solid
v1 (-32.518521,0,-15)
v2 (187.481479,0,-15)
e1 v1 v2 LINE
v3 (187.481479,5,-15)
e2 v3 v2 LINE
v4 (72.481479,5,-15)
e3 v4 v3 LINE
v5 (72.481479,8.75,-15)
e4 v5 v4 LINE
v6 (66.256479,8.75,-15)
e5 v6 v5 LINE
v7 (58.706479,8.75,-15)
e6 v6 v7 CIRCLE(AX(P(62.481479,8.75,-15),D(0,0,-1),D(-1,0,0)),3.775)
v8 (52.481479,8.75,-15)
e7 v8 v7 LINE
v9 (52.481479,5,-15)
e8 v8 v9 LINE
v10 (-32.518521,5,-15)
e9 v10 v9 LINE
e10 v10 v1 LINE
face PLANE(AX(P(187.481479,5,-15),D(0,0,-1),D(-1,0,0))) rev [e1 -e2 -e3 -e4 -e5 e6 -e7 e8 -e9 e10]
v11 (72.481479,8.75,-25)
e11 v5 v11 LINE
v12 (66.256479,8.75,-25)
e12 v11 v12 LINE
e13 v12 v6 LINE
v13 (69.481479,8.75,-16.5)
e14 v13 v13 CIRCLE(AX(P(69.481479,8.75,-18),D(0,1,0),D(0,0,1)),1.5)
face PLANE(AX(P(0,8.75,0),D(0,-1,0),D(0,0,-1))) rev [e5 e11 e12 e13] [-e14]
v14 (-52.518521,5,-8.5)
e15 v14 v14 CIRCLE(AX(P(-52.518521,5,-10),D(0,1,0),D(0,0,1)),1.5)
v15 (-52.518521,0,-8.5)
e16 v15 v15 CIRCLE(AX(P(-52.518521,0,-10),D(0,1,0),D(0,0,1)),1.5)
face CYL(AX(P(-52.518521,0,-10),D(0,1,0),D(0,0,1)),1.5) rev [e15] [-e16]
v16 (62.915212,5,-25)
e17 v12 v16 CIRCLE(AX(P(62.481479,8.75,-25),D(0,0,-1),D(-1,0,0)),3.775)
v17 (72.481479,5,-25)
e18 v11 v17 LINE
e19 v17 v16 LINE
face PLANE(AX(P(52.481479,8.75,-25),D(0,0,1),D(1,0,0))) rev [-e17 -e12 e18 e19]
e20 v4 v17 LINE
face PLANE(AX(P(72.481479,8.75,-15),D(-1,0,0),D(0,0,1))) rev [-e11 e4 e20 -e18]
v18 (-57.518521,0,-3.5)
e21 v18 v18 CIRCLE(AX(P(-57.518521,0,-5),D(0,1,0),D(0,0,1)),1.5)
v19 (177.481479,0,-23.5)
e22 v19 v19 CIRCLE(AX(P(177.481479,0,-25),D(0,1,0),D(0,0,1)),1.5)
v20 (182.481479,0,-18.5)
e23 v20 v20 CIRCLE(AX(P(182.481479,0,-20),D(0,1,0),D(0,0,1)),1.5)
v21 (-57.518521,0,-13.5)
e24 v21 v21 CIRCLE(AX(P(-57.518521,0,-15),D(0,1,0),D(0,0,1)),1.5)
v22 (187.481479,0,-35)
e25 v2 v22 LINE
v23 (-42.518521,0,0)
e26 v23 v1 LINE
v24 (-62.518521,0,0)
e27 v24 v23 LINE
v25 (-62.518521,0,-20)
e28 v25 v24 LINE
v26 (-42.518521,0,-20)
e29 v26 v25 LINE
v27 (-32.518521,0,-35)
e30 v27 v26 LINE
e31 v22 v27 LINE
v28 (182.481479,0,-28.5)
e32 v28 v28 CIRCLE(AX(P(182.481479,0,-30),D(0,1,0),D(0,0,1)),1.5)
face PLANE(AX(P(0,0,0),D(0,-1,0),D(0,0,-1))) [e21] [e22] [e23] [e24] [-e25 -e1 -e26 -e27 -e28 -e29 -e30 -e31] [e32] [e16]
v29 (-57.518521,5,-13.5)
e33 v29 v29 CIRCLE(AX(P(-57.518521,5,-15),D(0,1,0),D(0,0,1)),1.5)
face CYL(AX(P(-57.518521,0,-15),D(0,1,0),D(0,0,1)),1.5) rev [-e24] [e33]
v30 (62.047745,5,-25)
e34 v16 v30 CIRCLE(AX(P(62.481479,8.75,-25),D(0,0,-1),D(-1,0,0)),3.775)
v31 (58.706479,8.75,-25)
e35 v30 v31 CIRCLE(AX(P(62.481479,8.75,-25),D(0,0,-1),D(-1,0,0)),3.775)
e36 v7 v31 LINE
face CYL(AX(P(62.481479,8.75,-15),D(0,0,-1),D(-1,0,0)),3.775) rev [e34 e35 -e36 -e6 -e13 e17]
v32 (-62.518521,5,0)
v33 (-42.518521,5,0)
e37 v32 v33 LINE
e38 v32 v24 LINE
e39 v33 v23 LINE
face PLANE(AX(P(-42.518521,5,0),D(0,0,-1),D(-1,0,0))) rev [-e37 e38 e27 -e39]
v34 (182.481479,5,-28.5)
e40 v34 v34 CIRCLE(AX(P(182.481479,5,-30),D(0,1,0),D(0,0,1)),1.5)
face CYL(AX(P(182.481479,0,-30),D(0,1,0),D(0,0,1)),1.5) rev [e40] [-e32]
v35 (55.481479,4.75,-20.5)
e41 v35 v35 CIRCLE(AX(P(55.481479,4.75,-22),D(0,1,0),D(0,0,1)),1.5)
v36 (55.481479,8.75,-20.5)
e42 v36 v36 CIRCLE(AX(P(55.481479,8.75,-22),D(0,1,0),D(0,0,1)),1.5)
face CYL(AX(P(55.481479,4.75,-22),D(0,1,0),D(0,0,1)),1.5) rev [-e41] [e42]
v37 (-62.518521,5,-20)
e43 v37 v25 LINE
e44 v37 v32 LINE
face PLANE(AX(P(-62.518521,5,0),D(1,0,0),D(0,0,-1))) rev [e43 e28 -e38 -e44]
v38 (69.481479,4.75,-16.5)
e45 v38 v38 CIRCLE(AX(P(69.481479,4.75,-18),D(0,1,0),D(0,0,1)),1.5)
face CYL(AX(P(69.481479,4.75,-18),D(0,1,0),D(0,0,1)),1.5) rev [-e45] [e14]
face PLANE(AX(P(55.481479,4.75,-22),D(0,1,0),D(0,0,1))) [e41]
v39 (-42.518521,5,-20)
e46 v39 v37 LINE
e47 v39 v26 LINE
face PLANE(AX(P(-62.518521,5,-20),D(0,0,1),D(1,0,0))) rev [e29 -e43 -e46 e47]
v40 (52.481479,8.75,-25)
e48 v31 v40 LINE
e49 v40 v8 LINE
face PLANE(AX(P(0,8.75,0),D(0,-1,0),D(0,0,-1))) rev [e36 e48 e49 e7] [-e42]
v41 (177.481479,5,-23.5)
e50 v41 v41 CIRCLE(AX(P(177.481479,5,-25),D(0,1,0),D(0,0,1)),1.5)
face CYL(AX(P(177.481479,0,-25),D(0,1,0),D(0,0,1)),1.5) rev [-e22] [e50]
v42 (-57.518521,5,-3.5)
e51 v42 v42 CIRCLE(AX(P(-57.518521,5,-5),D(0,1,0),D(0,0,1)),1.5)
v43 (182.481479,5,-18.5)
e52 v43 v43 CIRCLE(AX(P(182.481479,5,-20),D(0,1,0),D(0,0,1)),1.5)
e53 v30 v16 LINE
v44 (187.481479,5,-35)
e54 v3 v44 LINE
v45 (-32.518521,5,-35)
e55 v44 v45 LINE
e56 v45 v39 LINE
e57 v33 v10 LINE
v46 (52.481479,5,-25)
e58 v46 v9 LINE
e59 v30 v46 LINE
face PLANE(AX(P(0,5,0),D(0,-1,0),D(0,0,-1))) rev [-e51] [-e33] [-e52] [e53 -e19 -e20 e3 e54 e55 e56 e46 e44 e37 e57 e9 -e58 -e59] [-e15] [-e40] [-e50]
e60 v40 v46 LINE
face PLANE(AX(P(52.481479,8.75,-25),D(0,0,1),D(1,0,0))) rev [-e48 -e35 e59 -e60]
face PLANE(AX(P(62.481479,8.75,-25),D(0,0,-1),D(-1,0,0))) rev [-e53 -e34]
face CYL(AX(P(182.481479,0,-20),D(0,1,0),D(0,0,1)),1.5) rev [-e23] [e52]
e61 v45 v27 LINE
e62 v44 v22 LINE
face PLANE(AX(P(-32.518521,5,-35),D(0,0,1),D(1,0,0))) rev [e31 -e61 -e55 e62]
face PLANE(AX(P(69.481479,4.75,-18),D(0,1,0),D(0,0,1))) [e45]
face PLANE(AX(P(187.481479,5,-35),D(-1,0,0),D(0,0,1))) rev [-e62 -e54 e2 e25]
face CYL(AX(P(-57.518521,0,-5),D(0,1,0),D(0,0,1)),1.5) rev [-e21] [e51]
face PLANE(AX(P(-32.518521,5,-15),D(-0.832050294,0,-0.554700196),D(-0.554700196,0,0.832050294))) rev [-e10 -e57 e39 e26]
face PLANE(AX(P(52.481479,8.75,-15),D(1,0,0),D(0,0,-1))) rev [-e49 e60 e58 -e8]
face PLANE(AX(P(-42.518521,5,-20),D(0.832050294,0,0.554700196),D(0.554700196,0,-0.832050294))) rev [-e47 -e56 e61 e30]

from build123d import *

# Parameters (mm, degrees)
BOSS_EXTRUDE1_DEPTH = 5
SKETCH2_W           = 20
SKETCH2_H           = 10
BOSS_EXTRUDE2_DEPTH = 3.75
SKETCH3_R           = 3.775
CUT_EXTRUDE1_DEPTH  = 10
SKETCH4_R           = 1.5
CUT_EXTRUDE2_DEPTH  = 5
SKETCH5_R           = 1.5
CUT_EXTRUDE3_DEPTH  = 4


with BuildPart() as part:
    # Sketch1 → Boss-Extrude1 (new body)
    with BuildSketch(Plane(origin=(0, 0, 0), x_dir=(1, 0, 0), z_dir=(0, 1, 0))):
        Polygon((-32.518521424, 35), (187.481478576, 35), (187.481478576, 15), (-32.518521424, 15), (-42.518521424, 0), (-62.518521424, 0), (-62.518521424, 20), (-42.518521424, 20), align=None)
    extrude(amount=BOSS_EXTRUDE1_DEPTH)

    # Sketch2 → Boss-Extrude2 (add)
    with BuildSketch(Plane(origin=(0, 5, 0), x_dir=(1, 0, 0), z_dir=(0, 1, 0))):
        with Locations((62.481478576, 20)):
            Rectangle(SKETCH2_W, SKETCH2_H)
    extrude(amount=BOSS_EXTRUDE2_DEPTH)

    # Sketch3 → Cut-Extrude1 (cut)
    with BuildSketch(Plane(origin=(0, 0, -25), x_dir=(-1, 0, 0), z_dir=(0, 0, -1))):
        with Locations((-62.481478576, 8.75)):
            Circle(SKETCH3_R)
    extrude(amount=-CUT_EXTRUDE1_DEPTH, mode=Mode.SUBTRACT)

    # Sketch4 → Cut-Extrude2 (cut)
    with BuildSketch(Plane(origin=(0, 5, 0), x_dir=(1, 0, 0), z_dir=(0, 1, 0))):
        with Locations(Location((182.481478576, 20, 0), (0, 0, 270))):
            Circle(SKETCH4_R)
        with Locations(Location((177.481478576, 25, 0), (0, 0, 270))):
            Circle(SKETCH4_R)
        with Locations(Location((182.481478576, 30, 0), (0, 0, 270))):
            Circle(SKETCH4_R)
        with Locations(Location((-57.518521424, 5, 0), (0, 0, 270))):
            Circle(SKETCH4_R)
        with Locations(Location((-57.518521424, 15, 0), (0, 0, 270))):
            Circle(SKETCH4_R)
        with Locations(Location((-52.518521424, 10, 0), (0, 0, 270))):
            Circle(SKETCH4_R)
    extrude(amount=-CUT_EXTRUDE2_DEPTH, mode=Mode.SUBTRACT)

    # Sketch5 → Cut-Extrude3 (cut)
    with BuildSketch(Plane(origin=(0, 8.75, 0), x_dir=(1, 0, 0), z_dir=(0, 1, 0))):
        with Locations(Location((55.481478576, 22, 0), (0, 0, 270))):
            Circle(SKETCH5_R)
        with Locations(Location((69.481478576, 18, 0), (0, 0, 270))):
            Circle(SKETCH5_R)
    extrude(amount=-CUT_EXTRUDE3_DEPTH, mode=Mode.SUBTRACT)


solid = part.part
